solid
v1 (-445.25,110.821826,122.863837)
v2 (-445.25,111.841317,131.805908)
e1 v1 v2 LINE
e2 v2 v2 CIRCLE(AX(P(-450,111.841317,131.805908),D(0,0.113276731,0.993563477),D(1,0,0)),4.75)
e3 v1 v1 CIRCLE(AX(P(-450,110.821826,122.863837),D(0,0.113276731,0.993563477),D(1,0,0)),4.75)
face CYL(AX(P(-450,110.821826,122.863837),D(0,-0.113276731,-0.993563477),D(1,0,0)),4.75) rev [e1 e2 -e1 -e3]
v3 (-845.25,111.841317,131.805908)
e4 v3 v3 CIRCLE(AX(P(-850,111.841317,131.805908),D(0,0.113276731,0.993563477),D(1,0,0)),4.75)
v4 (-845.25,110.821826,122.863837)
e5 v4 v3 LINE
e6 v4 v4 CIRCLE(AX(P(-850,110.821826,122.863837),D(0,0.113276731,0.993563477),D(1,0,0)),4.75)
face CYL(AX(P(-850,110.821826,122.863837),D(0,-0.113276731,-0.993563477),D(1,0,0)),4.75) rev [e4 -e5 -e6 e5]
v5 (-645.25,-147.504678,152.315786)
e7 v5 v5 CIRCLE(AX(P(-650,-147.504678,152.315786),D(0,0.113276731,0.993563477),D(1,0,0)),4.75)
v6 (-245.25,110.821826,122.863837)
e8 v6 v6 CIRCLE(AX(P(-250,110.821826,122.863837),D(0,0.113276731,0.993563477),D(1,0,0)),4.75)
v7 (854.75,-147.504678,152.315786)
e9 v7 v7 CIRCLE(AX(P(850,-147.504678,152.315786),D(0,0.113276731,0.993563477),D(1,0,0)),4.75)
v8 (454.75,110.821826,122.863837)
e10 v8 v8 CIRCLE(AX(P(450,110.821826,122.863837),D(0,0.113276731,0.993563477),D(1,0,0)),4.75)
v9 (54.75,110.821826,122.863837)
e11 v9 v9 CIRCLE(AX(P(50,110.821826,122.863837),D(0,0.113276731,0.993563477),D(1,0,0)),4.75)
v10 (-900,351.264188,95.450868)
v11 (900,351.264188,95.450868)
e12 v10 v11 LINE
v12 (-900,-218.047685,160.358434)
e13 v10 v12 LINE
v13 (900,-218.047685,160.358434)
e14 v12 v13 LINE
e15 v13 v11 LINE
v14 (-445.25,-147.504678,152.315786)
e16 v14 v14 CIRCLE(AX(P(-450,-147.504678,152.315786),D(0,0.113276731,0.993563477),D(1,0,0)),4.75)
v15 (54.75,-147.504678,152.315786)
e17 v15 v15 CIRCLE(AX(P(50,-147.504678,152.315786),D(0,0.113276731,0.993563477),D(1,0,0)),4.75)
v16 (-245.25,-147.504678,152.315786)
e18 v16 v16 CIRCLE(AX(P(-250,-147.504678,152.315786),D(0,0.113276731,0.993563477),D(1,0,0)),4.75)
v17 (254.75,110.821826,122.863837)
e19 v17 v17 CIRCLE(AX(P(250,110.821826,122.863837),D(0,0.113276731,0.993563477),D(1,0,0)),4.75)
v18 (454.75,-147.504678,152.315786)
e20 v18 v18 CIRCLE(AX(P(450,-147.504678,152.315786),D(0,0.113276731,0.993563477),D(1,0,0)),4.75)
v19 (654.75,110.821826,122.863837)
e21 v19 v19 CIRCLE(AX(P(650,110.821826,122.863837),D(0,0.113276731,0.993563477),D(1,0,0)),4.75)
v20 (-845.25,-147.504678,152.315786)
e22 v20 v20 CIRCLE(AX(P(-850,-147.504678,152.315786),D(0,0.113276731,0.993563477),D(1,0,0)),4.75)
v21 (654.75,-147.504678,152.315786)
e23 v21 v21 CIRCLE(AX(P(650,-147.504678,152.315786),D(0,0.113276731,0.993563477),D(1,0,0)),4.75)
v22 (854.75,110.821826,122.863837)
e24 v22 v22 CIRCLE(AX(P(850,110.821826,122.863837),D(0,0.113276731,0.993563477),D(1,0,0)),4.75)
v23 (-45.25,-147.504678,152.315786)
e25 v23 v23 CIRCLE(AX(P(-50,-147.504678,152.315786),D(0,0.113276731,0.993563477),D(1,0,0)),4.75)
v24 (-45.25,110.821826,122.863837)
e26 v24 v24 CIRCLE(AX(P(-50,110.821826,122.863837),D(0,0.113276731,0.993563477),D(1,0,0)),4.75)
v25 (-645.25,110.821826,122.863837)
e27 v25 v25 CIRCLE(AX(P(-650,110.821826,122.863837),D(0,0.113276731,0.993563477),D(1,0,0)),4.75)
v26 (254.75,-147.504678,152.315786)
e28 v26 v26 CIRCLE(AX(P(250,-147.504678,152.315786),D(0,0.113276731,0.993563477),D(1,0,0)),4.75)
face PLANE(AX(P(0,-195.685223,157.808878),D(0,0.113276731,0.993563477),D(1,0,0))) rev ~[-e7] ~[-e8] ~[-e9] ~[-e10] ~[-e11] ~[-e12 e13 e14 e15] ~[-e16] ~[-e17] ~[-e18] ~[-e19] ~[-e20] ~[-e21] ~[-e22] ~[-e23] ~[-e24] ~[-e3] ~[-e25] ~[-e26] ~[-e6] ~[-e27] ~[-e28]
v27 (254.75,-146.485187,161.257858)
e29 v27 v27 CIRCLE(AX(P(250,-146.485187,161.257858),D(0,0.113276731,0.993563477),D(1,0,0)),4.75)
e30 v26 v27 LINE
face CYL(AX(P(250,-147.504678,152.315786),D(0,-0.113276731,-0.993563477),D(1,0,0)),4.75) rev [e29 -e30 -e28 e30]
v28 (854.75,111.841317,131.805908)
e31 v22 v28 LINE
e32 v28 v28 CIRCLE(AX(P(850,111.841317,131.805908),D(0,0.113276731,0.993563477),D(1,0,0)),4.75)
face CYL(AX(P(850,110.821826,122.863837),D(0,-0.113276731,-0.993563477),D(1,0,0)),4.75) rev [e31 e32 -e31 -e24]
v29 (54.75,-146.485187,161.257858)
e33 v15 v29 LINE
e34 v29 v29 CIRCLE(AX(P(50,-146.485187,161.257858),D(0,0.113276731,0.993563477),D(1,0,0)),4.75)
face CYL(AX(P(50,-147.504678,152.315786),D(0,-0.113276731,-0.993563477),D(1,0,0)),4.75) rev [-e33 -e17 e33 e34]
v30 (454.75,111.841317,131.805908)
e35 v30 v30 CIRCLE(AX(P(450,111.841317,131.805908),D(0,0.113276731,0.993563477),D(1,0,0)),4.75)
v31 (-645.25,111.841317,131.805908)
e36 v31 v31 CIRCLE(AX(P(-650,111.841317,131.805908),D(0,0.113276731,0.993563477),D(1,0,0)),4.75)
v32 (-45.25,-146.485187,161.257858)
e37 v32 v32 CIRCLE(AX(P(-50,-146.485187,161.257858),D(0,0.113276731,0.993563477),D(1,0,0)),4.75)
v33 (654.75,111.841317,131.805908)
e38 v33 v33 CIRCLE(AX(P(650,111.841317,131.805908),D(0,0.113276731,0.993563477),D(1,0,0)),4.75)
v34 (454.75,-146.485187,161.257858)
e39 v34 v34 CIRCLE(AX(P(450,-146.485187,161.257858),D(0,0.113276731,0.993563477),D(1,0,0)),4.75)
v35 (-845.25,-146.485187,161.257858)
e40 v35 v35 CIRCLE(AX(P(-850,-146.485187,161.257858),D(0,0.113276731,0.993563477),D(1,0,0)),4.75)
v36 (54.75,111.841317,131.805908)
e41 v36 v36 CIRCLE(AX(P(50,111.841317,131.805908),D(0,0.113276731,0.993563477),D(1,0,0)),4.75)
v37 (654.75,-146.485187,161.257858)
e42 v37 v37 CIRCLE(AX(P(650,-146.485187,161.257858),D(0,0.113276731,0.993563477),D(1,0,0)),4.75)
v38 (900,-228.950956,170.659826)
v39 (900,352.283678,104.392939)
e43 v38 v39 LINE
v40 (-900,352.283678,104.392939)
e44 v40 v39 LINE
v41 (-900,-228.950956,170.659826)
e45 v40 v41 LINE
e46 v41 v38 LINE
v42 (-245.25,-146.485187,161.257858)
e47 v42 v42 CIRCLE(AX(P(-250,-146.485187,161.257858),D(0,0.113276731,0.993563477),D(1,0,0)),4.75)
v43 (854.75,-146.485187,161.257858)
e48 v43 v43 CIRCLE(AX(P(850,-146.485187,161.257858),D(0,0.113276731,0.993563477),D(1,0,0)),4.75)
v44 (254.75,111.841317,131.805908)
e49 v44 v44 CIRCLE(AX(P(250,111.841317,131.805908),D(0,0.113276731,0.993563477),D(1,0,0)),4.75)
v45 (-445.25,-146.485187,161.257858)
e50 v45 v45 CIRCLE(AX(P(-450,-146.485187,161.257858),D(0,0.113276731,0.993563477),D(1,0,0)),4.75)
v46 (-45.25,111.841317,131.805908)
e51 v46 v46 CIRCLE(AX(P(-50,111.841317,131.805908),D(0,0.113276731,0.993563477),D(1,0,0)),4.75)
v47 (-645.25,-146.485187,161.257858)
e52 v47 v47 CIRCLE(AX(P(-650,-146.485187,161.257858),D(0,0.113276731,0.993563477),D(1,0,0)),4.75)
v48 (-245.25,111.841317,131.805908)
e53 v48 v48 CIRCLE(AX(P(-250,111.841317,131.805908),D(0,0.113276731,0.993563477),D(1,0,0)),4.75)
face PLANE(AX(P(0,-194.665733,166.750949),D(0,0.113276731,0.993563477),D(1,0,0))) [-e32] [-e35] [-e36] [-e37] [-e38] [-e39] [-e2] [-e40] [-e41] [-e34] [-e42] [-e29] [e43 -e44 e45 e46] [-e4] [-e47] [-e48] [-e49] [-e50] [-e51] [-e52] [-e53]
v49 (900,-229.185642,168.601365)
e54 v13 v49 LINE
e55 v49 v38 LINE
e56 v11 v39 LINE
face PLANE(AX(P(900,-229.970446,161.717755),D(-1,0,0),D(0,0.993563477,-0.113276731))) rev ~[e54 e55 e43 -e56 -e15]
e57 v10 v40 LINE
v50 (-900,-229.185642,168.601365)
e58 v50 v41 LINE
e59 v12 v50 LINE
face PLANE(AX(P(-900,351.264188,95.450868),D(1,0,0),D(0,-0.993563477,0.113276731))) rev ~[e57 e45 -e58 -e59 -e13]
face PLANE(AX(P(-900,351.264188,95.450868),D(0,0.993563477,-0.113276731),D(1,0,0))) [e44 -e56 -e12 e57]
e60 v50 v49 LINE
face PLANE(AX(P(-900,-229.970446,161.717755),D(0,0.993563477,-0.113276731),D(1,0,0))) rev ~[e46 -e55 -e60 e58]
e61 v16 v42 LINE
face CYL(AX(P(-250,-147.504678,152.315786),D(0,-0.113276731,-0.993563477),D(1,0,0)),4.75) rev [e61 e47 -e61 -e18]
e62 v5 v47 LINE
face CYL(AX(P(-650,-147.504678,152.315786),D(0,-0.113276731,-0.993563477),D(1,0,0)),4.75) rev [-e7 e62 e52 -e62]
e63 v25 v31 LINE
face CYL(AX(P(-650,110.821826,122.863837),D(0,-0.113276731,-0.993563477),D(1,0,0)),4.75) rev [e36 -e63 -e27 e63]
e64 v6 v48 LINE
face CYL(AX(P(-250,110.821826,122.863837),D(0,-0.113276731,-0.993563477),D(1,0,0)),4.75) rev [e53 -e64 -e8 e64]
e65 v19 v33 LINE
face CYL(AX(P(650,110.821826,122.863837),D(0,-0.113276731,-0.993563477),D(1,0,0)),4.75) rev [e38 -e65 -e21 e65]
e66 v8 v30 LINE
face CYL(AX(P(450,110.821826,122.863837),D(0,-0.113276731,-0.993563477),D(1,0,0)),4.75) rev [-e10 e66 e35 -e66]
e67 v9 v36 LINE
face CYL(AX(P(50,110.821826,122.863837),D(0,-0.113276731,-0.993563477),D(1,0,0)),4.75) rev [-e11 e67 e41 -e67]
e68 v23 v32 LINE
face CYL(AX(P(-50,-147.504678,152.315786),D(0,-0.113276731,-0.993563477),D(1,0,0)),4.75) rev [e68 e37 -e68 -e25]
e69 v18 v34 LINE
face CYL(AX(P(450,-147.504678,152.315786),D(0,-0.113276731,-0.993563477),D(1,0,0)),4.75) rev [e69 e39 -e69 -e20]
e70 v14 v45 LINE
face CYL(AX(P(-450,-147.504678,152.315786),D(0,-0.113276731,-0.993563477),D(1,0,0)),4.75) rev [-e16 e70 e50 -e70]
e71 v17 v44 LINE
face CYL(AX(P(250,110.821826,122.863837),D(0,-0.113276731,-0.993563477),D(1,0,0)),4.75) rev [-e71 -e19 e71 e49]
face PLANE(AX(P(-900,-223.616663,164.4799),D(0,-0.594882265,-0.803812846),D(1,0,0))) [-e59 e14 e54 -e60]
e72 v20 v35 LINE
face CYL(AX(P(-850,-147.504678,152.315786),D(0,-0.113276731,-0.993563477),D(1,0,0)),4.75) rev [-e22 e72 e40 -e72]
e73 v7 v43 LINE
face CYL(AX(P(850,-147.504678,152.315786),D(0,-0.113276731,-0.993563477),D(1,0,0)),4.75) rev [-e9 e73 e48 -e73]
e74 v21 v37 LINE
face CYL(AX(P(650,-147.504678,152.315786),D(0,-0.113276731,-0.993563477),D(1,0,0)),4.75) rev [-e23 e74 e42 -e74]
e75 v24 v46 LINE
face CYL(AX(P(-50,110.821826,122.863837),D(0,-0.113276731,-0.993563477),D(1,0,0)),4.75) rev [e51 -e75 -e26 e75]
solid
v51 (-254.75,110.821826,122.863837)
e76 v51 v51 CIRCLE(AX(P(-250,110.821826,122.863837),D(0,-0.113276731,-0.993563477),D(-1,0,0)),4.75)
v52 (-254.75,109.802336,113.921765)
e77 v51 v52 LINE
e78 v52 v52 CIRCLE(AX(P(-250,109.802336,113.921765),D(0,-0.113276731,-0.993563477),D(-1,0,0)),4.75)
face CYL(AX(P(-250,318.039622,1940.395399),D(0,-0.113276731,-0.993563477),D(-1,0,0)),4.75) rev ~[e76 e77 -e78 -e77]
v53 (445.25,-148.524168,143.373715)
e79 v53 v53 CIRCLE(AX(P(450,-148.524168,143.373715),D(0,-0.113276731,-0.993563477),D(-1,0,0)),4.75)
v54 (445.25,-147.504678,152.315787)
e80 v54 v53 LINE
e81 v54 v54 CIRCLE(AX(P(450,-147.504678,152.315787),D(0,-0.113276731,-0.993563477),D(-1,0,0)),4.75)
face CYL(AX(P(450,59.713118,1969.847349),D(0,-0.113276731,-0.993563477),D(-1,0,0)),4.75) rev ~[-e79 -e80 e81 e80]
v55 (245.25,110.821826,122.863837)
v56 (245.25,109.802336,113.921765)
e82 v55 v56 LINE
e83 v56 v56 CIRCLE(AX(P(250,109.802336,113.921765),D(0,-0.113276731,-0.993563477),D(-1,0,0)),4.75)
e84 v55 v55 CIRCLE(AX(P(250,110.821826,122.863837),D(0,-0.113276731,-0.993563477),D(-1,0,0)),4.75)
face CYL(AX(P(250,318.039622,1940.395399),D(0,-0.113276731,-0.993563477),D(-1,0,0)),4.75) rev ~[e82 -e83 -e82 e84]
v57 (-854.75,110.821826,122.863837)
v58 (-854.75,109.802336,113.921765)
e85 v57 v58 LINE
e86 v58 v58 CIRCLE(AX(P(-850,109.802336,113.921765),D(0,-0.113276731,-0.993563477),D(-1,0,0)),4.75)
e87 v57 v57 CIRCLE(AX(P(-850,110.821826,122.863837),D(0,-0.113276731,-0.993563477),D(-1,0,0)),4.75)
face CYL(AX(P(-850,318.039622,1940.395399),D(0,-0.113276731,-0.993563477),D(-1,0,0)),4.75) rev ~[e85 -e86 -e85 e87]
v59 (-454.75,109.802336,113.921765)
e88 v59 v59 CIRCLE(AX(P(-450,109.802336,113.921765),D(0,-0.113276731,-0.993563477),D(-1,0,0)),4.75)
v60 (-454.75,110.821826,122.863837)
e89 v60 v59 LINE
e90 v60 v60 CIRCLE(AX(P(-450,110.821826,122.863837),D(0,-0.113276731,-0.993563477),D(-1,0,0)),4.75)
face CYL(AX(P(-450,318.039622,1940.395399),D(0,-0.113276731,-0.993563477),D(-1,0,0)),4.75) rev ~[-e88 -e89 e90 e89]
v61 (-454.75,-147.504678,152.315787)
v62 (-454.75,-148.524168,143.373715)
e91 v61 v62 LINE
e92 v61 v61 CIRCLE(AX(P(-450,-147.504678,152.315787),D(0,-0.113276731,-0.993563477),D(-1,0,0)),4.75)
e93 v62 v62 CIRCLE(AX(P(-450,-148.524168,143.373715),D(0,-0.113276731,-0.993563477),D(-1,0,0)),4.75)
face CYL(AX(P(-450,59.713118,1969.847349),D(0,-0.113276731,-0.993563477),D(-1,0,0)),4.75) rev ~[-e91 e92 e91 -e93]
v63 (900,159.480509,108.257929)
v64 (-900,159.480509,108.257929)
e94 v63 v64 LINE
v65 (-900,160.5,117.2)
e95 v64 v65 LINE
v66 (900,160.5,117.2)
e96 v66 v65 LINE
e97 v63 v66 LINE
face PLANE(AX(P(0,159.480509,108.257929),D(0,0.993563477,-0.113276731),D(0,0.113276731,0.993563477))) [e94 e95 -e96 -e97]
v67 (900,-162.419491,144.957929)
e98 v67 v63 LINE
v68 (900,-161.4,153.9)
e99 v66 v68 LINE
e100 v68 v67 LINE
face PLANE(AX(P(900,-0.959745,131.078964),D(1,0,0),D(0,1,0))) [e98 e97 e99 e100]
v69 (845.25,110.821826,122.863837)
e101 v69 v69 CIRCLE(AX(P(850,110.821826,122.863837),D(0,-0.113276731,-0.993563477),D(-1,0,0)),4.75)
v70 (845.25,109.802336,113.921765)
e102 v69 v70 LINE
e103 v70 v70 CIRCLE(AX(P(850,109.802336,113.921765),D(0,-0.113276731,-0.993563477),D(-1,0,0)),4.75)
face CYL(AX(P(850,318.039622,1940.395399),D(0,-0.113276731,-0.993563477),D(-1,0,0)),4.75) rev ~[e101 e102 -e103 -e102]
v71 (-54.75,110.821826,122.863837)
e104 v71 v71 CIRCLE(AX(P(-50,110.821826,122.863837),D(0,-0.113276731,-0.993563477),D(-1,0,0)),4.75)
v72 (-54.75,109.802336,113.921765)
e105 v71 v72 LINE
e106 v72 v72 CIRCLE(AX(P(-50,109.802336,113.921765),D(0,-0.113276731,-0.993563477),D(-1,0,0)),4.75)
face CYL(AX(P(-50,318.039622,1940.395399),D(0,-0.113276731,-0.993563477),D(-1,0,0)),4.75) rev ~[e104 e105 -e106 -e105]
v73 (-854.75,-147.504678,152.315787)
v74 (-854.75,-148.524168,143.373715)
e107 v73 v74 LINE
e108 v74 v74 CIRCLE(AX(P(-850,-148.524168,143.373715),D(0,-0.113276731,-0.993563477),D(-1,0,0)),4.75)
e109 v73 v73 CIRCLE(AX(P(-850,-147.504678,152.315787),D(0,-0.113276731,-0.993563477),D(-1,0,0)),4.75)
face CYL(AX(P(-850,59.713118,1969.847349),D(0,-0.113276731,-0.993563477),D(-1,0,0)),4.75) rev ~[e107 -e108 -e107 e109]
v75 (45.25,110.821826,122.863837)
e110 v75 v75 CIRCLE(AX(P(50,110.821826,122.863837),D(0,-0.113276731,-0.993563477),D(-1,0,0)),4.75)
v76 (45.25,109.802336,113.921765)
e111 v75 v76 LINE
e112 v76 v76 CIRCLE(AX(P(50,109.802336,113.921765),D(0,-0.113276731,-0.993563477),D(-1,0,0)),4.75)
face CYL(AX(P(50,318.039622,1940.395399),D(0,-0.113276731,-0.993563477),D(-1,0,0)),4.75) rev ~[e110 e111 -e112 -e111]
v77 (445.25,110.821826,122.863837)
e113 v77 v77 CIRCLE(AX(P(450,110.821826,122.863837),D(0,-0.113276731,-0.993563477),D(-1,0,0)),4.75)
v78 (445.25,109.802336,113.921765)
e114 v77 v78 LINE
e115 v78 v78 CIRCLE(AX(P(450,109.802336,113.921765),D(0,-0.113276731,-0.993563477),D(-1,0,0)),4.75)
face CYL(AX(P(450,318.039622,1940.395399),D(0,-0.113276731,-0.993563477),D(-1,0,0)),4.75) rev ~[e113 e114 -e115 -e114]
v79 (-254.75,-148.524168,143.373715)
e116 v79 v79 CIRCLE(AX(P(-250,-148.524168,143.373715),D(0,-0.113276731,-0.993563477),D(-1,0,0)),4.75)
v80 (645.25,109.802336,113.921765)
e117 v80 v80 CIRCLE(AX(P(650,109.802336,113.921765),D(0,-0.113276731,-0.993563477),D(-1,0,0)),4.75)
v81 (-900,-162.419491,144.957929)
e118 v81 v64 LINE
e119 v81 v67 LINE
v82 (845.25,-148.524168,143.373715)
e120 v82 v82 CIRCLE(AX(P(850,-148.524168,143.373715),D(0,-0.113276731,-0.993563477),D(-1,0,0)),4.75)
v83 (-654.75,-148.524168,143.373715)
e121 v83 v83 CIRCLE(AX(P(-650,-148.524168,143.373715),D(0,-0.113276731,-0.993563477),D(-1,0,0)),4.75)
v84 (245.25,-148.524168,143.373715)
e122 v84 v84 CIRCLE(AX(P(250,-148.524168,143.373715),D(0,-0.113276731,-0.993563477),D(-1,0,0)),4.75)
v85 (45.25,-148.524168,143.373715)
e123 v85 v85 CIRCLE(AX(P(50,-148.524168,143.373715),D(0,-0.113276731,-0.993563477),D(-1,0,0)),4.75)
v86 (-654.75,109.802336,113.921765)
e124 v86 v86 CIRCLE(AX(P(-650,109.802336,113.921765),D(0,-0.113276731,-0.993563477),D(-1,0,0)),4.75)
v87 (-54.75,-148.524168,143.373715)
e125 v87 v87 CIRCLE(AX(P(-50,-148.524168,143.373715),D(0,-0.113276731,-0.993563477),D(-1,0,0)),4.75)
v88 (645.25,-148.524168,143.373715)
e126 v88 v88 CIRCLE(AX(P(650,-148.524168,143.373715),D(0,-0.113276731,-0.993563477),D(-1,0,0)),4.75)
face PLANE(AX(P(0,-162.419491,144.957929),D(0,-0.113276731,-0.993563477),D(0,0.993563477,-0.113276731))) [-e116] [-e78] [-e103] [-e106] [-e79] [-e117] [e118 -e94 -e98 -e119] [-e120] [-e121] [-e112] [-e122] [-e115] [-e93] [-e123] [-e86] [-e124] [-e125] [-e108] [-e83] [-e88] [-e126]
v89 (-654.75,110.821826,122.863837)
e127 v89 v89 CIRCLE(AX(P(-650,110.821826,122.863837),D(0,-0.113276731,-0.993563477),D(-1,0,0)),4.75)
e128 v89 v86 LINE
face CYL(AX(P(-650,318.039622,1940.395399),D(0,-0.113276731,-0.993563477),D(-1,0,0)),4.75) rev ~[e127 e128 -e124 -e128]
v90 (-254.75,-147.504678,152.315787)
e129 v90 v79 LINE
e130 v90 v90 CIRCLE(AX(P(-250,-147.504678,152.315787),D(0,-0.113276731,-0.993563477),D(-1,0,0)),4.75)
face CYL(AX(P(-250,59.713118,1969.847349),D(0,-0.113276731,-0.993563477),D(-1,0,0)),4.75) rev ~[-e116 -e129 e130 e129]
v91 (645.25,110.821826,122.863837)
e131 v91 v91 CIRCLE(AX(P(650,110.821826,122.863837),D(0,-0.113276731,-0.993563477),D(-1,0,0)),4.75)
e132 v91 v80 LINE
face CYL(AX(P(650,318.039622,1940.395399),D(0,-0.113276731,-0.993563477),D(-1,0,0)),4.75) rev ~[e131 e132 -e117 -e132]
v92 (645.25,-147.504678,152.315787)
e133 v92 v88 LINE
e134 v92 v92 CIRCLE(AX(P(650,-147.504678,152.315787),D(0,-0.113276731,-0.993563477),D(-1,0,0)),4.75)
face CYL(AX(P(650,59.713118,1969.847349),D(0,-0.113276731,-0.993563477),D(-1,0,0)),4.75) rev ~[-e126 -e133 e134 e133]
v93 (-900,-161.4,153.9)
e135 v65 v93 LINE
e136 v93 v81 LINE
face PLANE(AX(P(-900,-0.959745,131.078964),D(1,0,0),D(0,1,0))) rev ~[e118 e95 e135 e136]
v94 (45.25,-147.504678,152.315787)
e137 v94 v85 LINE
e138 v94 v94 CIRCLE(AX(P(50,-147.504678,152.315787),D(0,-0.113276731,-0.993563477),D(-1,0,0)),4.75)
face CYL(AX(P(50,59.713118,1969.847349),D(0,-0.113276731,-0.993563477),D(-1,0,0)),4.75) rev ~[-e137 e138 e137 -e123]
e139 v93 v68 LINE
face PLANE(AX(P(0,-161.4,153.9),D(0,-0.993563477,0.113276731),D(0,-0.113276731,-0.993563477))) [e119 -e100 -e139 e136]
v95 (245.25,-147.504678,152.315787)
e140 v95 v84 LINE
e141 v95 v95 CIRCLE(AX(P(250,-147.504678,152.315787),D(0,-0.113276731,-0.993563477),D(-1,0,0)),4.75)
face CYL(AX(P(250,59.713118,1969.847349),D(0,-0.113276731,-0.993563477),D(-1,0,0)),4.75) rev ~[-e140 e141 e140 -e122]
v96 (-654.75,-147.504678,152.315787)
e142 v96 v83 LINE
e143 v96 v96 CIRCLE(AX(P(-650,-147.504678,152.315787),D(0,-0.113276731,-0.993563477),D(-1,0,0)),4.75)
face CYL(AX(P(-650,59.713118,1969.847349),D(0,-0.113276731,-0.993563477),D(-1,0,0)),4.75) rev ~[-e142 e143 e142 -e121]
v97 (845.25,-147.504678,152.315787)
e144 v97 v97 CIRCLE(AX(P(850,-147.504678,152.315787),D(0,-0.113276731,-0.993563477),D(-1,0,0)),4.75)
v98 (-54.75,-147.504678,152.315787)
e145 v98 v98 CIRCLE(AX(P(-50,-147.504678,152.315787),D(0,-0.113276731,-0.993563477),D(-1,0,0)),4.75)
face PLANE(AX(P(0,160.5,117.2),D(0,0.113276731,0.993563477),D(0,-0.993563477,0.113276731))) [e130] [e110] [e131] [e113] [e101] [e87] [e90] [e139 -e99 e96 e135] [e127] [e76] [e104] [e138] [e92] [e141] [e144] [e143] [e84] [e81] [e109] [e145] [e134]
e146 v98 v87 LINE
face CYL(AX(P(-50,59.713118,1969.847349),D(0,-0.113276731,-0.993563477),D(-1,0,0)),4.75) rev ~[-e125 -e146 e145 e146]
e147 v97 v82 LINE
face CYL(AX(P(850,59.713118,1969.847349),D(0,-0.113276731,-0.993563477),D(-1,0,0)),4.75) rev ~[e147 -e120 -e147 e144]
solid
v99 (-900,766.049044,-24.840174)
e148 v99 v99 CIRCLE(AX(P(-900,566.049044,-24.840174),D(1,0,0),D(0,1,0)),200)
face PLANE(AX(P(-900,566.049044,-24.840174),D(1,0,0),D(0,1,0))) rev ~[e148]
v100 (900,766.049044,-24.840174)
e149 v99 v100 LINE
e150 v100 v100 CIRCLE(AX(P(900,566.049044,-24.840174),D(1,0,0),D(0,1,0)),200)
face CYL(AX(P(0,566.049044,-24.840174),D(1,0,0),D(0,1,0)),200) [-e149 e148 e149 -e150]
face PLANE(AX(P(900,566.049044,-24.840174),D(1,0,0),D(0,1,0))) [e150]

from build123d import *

# Parameters (mm, degrees)
F1_DEPTH = 900
F3_D     = 9.5
F4_W     = 1800
F4_H     = 69.0146608255
F4_H_2   = 323.9853391745
F4_R     = 4.75
F4_H_3   = 192
F5_DEPTH = 9
F6_SIZE2 = 6.9282032303
F6_SIZE  = 12
F7_R     = 200
F8_DEPTH = 900


with BuildPart() as f1:
    # F0 (on Right) → F1 (new body, symmetric)
    with BuildSketch(Plane.YZ):
        Polygon((160.5, 117.2), (-161.4, 153.9), (-162.4194905758, 144.9579287094), (159.4805094242, 108.2579287094), align=None)
    extrude(amount=F1_DEPTH, both=True)

    # F3 (through all)
    with Locations(Plane(origin=(0, 15.2500559798, 133.7600277898), x_dir=(1, 0, 0), z_dir=(0, 0.1132767306, 0.9935634767))):
        with Locations((850, -163.8090948168), (650, -163.8090948168), (450, -163.8090948168), (250, -163.8090948168), (50, -163.8090948168), (-50, -163.8090948168), (-250, -163.8090948168), (-450, -163.8090948168), (-650, -163.8090948168), (-850, -163.8090948168), (-850, 96.1909051832), (-650, 96.1909051832), (-450, 96.1909051832), (-250, 96.1909051832), (-50, 96.1909051832), (50, 96.1909051832), (250, 96.1909051832), (450, 96.1909051832), (650, 96.1909051832), (850, 96.1909051832)):
            Hole(F3_D / 2)


with BuildPart() as f5:
    # F4 (on face) → F5 (new body)
    with BuildSketch(Plane(origin=(0, 15.2500559798, 133.7600277898), x_dir=(1, 0, 0), z_dir=(0, 0.1132767306, 0.9935634767))):
        with Locations((0, -212.301764404)):
            Rectangle(F4_W, F4_H)
        with Locations((0, -15.801764404)):
            Rectangle(F4_W, F4_H_2)
        with Locations((-850, -163.8090948168)):
            Circle(F4_R, mode=Mode.SUBTRACT)
        with Locations((-650, -163.8090948168)):
            Circle(F4_R, mode=Mode.SUBTRACT)
        with Locations((-450, -163.8090948168)):
            Circle(F4_R, mode=Mode.SUBTRACT)
        with Locations((-250, -163.8090948168)):
            Circle(F4_R, mode=Mode.SUBTRACT)
        with Locations((-50, -163.8090948168)):
            Circle(F4_R, mode=Mode.SUBTRACT)
        with Locations((50, -163.8090948168)):
            Circle(F4_R, mode=Mode.SUBTRACT)
        with Locations((250, -163.8090948168)):
            Circle(F4_R, mode=Mode.SUBTRACT)
        with Locations((450, -163.8090948168)):
            Circle(F4_R, mode=Mode.SUBTRACT)
        with Locations((650, -163.8090948168)):
            Circle(F4_R, mode=Mode.SUBTRACT)
        with Locations((850, -163.8090948168)):
            Circle(F4_R, mode=Mode.SUBTRACT)
        with Locations((-850, 96.1909051832)):
            Circle(F4_R, mode=Mode.SUBTRACT)
        with Locations((-650, 96.1909051832)):
            Circle(F4_R, mode=Mode.SUBTRACT)
        with Locations((-450, 96.1909051832)):
            Circle(F4_R, mode=Mode.SUBTRACT)
        with Locations((-250, 96.1909051832)):
            Circle(F4_R, mode=Mode.SUBTRACT)
        with Locations((-50, 96.1909051832)):
            Circle(F4_R, mode=Mode.SUBTRACT)
        with Locations((50, 96.1909051832)):
            Circle(F4_R, mode=Mode.SUBTRACT)
        with Locations((250, 96.1909051832)):
            Circle(F4_R, mode=Mode.SUBTRACT)
        with Locations((450, 96.1909051832)):
            Circle(F4_R, mode=Mode.SUBTRACT)
        with Locations((650, 96.1909051832)):
            Circle(F4_R, mode=Mode.SUBTRACT)
        with Locations((850, 96.1909051832)):
            Circle(F4_R, mode=Mode.SUBTRACT)
        with Locations((0, 242.1909051832)):
            Rectangle(F4_W, F4_H_3)
    extrude(amount=F5_DEPTH)

    # F6
    f6_edges = [f5.edges().sort_by_distance(p)[0] for p in [
        (0, -229.970446, 161.717755),
    ]]
    f6_side = f5.faces().sort_by_distance((0, 60.753355, 128.572171))[0]
    chamfer(f6_edges, length=F6_SIZE, length2=F6_SIZE2, reference=f6_side)


with BuildPart() as f8:
    # F7 (on Right) → F8 (new body, symmetric)
    with BuildSketch(Plane.YZ):
        with Locations((566.0490442206, -24.8401735642)):
            Circle(F7_R)
    extrude(amount=F8_DEPTH, both=True)


solid = Compound([f1.part, f5.part, f8.part])
